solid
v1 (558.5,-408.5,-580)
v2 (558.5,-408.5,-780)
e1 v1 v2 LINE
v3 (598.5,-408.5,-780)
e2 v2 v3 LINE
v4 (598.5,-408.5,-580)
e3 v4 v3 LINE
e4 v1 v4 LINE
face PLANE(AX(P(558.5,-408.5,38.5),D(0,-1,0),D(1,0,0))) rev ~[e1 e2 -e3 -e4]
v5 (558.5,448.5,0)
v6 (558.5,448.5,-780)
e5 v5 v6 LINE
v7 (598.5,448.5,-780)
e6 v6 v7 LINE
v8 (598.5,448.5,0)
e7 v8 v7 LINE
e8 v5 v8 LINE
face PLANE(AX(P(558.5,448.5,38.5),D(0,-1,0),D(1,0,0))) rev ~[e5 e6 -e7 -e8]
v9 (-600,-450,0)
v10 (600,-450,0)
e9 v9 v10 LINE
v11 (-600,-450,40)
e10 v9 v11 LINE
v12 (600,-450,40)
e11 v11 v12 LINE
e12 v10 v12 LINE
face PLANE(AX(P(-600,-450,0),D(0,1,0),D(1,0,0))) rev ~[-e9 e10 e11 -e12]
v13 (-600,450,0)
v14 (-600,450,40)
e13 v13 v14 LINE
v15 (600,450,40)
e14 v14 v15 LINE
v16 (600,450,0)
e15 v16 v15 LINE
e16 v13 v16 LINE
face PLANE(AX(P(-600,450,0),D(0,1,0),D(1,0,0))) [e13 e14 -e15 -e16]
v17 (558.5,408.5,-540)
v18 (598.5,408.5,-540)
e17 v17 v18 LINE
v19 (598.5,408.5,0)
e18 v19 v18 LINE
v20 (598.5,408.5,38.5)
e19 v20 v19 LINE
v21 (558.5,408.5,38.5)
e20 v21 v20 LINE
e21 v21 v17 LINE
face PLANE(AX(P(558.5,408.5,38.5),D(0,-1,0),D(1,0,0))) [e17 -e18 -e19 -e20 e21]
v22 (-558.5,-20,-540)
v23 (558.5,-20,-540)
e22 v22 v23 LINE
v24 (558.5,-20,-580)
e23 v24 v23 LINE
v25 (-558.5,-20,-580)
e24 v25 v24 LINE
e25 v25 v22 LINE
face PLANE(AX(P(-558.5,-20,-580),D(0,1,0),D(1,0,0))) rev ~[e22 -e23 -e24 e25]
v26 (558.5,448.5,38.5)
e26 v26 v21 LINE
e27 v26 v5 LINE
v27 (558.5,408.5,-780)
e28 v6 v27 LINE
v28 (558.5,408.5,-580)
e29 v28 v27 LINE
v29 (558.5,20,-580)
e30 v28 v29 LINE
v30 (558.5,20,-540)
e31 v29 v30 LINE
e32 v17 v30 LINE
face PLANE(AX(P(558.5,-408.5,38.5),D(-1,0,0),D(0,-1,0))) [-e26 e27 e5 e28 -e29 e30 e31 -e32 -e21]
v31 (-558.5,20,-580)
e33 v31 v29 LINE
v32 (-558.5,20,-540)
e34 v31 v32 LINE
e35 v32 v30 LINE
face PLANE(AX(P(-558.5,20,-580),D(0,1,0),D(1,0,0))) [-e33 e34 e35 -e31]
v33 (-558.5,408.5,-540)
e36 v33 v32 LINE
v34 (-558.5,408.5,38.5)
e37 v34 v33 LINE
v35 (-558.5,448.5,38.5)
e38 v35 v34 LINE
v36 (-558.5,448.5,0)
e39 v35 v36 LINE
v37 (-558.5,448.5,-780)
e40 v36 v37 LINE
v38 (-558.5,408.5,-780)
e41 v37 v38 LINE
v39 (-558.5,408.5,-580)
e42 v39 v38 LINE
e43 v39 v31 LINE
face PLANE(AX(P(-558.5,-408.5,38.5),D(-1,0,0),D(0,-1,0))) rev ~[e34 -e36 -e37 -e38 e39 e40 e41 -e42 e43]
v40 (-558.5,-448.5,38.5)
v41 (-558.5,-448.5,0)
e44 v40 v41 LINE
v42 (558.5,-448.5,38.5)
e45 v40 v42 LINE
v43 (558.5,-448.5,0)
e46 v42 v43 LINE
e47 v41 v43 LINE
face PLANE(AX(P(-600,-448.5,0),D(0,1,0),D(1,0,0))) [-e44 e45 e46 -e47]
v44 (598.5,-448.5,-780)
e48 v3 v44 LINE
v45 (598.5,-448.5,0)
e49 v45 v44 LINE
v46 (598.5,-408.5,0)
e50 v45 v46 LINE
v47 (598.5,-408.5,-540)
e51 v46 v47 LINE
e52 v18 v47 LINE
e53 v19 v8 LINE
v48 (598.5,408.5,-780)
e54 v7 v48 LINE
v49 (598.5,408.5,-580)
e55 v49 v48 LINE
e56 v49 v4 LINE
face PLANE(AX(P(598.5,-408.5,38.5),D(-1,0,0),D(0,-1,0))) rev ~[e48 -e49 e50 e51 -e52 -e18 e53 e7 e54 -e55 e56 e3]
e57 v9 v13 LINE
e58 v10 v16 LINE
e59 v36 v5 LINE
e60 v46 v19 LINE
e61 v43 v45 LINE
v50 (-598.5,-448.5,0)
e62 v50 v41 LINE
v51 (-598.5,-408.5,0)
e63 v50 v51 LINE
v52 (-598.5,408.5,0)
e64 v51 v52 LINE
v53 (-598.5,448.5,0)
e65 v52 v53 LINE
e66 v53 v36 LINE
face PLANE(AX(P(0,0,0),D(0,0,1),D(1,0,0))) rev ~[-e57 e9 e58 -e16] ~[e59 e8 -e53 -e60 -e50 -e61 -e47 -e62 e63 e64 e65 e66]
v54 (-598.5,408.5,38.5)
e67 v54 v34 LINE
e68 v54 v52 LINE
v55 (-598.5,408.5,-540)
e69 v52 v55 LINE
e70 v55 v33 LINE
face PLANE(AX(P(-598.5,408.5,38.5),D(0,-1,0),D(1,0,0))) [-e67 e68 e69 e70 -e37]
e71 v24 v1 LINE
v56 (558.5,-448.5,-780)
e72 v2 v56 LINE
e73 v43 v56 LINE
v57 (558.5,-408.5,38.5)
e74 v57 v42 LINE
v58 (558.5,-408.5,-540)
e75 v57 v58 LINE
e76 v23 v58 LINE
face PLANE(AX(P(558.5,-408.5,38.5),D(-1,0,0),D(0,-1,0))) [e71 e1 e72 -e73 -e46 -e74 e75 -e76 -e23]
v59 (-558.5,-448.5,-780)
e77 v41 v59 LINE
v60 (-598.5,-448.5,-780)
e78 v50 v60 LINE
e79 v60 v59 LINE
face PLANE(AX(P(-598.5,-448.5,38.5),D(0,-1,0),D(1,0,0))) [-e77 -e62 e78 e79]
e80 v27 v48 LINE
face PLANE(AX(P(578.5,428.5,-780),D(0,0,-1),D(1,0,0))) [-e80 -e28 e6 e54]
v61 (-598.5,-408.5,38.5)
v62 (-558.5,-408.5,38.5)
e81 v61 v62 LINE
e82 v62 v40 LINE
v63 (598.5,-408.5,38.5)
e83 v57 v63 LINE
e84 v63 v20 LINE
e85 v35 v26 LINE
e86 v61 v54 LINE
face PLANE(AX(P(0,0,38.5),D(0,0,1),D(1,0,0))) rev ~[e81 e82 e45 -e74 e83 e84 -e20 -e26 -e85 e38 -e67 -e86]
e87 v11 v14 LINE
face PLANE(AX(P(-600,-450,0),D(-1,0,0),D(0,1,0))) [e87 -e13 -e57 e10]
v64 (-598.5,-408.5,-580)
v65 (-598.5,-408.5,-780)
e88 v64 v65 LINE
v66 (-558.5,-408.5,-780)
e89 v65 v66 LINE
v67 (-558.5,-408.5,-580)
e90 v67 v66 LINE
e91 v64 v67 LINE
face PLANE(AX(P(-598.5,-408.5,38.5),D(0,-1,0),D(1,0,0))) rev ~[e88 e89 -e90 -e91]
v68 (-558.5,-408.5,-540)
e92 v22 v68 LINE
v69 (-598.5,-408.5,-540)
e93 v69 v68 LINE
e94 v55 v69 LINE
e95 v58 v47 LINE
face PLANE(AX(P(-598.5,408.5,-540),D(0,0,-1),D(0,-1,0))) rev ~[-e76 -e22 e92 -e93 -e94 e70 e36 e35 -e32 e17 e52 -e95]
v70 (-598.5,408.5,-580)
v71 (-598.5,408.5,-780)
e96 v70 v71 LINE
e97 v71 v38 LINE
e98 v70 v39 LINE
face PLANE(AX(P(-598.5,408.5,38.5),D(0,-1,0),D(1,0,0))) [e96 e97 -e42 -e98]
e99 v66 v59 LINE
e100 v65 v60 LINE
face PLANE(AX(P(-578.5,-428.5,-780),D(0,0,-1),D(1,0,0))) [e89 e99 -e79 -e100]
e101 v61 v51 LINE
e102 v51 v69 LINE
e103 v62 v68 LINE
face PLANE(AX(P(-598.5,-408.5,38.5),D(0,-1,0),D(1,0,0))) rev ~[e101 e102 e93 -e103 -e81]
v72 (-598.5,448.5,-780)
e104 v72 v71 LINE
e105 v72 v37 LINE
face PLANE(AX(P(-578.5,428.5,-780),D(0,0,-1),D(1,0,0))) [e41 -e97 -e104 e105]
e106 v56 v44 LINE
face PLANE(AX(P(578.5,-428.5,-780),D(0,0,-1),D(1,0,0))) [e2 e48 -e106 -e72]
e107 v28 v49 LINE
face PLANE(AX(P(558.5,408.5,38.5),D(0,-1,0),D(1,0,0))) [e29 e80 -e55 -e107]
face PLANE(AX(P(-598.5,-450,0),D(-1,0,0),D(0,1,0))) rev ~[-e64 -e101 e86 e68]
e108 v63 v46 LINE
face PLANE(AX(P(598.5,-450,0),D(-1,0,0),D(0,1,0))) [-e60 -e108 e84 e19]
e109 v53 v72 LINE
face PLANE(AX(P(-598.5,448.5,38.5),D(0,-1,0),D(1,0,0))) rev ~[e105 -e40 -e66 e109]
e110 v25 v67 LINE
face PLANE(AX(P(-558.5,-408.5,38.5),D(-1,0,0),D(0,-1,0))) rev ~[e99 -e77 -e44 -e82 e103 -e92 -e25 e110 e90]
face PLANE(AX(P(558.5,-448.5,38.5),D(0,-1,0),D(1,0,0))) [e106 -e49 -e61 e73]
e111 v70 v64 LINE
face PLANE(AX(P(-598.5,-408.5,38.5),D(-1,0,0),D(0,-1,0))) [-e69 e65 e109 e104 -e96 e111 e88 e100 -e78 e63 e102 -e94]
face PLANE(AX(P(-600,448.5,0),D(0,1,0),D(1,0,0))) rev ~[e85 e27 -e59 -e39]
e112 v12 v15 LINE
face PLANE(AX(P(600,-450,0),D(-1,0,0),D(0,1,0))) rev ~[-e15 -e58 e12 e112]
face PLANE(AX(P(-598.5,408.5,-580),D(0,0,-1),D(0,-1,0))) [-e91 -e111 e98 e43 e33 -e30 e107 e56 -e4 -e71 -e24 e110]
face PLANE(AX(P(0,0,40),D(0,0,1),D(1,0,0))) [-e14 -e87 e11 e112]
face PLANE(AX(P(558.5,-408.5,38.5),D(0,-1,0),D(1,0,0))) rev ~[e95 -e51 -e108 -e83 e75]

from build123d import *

# Parameters (mm, degrees)
F0_W      = 1200
F0_H      = 900
F1_DEPTH  = 40
F2_T      = -1.5
F3_W      = 40
F3_H      = 40
F4_DEPTH  = 818.5
F5_W      = 817
F5_H      = 40
F6_DEPTH  = 40
F7_W      = 817
F7_H      = 40
F8_DEPTH  = 40
F9_W      = 1117
F9_H      = 40
F10_DEPTH = 40


with BuildPart() as f1:
    # F0 (on Top) → F1 (new body)
    with BuildSketch(Plane.XY):
        Rectangle(F0_W, F0_H)
    extrude(amount=F1_DEPTH)

    # F2
    f2_openings = [f1.faces().sort_by_distance(p)[0] for p in [
        (0, 0, 0),
    ]]
    offset(amount=F2_T, openings=f2_openings)

    # F3 (on face) → F4 (join)
    with BuildSketch(Plane(origin=(0, 0, 38.5), x_dir=(1, 0, 0), z_dir=(0, 0, -1))):
        with Locations((-578.5, 428.5)):
            Rectangle(F3_W, F3_H)
        with Locations((578.5, 428.5)):
            Rectangle(F3_W, F3_H)
        with Locations((578.5, -428.5)):
            Rectangle(F3_W, F3_H)
        with Locations((-578.5, -428.5)):
            Rectangle(F3_W, F3_H)
    extrude(amount=F4_DEPTH)

    # F5 (on face) → F6 (join)
    with BuildSketch(Plane(origin=(-598.5, 0, 0), x_dir=(0, -1, 0), z_dir=(-1, 0, 0))):
        with Locations((0, -560)):
            Rectangle(F5_W, F5_H)
    extrude(amount=-F6_DEPTH)

    # F7 (on face) → F8 (join)
    with BuildSketch(Plane(origin=(558.5, 0, 0), x_dir=(0, -1, 0), z_dir=(-1, 0, 0))):
        with Locations((0, -560)):
            Rectangle(F7_W, F7_H)
    extrude(amount=-F8_DEPTH)

    # F9 (on face) → F10 (join)
    with BuildSketch(Plane(origin=(0, 0, -580), x_dir=(1, 0, 0), z_dir=(0, 0, -1))):
        Rectangle(F9_W, F9_H)
    extrude(amount=-F10_DEPTH)


solid = f1.part
